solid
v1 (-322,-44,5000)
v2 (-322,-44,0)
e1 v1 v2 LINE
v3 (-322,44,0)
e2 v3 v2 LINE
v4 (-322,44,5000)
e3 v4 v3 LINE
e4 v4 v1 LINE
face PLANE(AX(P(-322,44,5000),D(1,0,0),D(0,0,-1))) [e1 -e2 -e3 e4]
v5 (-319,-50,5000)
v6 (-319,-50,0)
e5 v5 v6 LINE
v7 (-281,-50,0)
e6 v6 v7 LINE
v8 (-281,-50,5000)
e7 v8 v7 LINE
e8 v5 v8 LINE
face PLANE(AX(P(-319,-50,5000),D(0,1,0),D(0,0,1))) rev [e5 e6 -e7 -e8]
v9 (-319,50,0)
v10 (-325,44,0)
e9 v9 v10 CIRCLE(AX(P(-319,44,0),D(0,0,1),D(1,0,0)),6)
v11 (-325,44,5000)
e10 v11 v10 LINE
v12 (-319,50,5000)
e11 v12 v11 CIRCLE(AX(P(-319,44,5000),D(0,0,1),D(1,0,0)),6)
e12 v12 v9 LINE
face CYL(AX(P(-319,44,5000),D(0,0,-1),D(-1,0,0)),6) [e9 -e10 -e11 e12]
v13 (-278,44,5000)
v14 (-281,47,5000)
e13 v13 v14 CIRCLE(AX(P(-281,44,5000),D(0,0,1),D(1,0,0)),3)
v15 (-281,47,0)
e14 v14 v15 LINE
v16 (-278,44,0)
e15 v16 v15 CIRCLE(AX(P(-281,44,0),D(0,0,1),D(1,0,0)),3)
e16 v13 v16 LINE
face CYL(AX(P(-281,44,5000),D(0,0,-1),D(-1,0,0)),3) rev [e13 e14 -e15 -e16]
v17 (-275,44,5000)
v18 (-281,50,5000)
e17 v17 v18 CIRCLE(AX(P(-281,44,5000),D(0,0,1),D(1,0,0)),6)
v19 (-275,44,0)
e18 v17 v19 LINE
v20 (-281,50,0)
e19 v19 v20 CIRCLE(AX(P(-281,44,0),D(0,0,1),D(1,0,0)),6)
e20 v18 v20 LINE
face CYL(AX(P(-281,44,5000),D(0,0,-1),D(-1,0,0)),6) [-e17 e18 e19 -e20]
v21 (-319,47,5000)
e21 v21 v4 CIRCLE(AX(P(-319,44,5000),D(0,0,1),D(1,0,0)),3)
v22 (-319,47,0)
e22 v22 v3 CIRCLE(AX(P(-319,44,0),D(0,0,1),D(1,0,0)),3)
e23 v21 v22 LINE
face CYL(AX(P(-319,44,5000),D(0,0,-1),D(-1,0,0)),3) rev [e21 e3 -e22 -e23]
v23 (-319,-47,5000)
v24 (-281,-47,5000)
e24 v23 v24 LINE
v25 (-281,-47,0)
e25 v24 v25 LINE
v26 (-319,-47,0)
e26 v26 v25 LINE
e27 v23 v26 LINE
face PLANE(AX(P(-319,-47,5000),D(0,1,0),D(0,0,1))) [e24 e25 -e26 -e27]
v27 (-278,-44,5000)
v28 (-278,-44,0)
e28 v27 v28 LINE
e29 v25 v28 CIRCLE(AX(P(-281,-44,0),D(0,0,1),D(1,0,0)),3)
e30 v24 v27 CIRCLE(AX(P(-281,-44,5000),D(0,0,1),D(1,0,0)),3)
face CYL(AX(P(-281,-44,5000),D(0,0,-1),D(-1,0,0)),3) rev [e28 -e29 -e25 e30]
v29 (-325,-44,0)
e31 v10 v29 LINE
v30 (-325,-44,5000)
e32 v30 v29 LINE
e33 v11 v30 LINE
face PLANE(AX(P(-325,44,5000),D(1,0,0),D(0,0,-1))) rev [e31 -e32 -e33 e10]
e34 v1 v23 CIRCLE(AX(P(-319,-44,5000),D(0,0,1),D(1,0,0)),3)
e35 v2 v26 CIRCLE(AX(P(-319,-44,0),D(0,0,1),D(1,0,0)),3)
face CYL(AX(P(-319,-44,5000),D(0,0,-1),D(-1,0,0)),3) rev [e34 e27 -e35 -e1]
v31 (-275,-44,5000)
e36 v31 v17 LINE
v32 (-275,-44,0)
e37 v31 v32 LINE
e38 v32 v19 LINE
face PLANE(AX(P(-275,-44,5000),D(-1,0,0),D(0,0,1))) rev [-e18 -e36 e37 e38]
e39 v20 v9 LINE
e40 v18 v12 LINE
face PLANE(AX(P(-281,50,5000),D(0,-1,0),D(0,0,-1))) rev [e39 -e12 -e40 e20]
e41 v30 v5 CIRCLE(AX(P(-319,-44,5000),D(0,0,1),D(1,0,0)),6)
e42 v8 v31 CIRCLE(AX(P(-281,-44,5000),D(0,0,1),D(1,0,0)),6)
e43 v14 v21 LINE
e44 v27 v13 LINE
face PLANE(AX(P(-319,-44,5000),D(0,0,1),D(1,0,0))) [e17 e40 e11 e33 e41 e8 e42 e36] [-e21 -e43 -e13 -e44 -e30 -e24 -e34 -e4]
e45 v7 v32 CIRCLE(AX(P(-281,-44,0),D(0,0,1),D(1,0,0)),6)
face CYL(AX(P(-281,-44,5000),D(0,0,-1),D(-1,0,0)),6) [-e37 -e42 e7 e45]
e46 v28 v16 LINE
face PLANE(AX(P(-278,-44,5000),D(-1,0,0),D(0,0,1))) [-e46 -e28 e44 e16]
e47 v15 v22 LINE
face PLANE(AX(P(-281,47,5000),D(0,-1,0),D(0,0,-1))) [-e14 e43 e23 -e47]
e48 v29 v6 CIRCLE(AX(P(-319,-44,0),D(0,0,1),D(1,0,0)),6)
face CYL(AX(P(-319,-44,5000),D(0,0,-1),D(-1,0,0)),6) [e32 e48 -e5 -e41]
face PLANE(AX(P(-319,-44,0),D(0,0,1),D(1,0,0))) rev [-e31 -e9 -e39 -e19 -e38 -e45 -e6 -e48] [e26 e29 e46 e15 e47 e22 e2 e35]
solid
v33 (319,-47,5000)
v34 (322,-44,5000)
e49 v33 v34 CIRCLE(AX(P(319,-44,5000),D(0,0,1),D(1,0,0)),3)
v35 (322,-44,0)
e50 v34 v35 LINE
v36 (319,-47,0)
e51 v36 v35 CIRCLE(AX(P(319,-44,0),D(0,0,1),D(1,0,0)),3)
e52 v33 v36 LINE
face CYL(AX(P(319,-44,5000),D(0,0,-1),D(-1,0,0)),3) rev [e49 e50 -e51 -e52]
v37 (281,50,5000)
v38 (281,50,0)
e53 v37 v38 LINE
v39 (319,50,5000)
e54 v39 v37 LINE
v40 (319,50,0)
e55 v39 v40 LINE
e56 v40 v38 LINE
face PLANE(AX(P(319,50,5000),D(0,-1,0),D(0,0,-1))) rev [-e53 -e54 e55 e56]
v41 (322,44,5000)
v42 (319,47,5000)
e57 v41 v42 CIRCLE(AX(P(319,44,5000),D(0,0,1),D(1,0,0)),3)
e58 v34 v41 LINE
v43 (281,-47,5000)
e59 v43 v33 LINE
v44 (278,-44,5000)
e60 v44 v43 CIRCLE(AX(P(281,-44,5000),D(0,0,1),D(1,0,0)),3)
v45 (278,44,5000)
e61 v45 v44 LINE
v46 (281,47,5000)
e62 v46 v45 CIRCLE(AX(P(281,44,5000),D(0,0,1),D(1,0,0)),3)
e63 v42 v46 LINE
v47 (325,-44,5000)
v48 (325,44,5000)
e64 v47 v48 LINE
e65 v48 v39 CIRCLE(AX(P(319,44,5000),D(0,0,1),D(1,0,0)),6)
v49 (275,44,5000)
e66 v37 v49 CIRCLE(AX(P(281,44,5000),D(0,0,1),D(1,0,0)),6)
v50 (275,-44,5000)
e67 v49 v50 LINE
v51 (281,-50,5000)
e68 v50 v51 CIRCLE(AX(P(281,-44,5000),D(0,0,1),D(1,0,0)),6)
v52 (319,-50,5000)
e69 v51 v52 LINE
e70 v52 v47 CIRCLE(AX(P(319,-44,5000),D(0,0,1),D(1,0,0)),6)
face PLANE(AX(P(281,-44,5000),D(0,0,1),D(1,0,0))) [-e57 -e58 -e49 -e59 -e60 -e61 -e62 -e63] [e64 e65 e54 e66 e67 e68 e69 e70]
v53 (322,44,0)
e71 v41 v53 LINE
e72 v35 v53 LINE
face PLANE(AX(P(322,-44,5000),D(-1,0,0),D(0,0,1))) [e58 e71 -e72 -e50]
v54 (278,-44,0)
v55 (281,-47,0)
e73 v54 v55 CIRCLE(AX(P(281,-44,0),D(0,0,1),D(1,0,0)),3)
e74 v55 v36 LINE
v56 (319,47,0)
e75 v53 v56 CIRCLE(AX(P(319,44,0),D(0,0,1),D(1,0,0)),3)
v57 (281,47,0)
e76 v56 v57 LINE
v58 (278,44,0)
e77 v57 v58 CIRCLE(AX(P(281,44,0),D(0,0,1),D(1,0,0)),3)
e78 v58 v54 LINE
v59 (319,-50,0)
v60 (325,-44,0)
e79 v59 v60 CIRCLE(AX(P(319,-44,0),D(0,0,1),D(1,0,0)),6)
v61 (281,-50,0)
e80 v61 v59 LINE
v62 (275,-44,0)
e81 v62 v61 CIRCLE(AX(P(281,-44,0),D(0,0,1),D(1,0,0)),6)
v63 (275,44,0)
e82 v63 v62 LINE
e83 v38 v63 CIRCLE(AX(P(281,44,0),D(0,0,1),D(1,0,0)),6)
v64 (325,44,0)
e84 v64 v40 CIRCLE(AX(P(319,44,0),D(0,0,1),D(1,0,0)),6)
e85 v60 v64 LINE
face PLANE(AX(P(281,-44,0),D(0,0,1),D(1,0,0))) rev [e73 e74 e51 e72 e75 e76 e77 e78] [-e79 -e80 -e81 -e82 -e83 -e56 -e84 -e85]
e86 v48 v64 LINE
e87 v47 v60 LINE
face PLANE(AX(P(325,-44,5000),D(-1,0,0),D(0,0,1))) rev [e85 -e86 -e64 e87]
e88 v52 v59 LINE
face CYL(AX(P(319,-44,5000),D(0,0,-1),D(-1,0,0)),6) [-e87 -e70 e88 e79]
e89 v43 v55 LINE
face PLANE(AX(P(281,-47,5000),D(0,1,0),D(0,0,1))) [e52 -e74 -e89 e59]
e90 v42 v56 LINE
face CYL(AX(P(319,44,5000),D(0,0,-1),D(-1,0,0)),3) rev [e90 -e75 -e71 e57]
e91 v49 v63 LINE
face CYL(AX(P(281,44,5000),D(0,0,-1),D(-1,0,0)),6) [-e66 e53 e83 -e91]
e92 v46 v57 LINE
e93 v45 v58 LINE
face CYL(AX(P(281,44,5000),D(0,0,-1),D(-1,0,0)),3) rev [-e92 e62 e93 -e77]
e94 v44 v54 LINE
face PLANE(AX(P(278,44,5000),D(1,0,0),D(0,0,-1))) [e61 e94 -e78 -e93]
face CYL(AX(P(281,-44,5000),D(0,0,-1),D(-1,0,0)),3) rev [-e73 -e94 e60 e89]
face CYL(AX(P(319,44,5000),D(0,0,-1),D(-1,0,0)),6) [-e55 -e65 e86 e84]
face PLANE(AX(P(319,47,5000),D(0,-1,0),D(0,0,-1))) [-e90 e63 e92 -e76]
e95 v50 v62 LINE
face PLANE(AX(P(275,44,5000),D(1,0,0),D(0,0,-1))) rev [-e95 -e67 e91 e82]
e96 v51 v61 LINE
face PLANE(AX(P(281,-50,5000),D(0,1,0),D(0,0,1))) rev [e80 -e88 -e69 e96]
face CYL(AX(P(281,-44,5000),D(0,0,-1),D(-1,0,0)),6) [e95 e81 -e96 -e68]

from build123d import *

# Parameters (mm, degrees)
TWO_RAILS_PROTOTYPE_DEPTH   = 5000
TWO_RAILS_PROTOTYPE_2_DEPTH = 5000


with BuildPart() as part:
    # PROFILE_100_50_3_R6_FIXED → TWO_RAILS_PROTOTYPE (new body)
    with BuildSketch(Plane.XY):
        with BuildLine():
            Line((-319, -50), (-281, -50))
            ThreePointArc((-281, -50), (-276.757359313, -48.242640687), (-275, -44))
            Line((-275, -44), (-275, 44))
            ThreePointArc((-275, 44), (-276.757359313, 48.242640687), (-281, 50))
            Line((-281, 50), (-319, 50))
            ThreePointArc((-319, 50), (-323.242640687, 48.242640687), (-325, 44))
            Line((-325, 44), (-325, -44))
            ThreePointArc((-325, -44), (-323.242640687, -48.242640687), (-319, -50))
        make_face()
        with BuildLine():
            Line((-319, -47), (-281, -47))
            ThreePointArc((-281, -47), (-278.878679656, -46.121320344), (-278, -44))
            Line((-278, -44), (-278, 44))
            ThreePointArc((-278, 44), (-278.878679656, 46.121320344), (-281, 47))
            Line((-281, 47), (-319, 47))
            ThreePointArc((-319, 47), (-321.121320344, 46.121320344), (-322, 44))
            Line((-322, 44), (-322, -44))
            ThreePointArc((-322, -44), (-321.121320344, -46.121320344), (-319, -47))
        make_face(mode=Mode.SUBTRACT)
    extrude(amount=TWO_RAILS_PROTOTYPE_DEPTH)


with BuildPart() as body_2:
    # PROFILE_100_50_3_R6_FIXED → TWO_RAILS_PROTOTYPE 2 (new body)
    with BuildSketch(Plane.XY):
        with BuildLine():
            Line((281, -50), (319, -50))
            ThreePointArc((319, -50), (323.242640687, -48.242640687), (325, -44))
            Line((325, -44), (325, 44))
            ThreePointArc((325, 44), (323.242640687, 48.242640687), (319, 50))
            Line((319, 50), (281, 50))
            ThreePointArc((281, 50), (276.757359313, 48.242640687), (275, 44))
            Line((275, 44), (275, -44))
            ThreePointArc((275, -44), (276.757359313, -48.242640687), (281, -50))
        make_face()
        with BuildLine():
            Line((281, -47), (319, -47))
            ThreePointArc((319, -47), (321.121320344, -46.121320344), (322, -44))
            Line((322, -44), (322, 44))
            ThreePointArc((322, 44), (321.121320344, 46.121320344), (319, 47))
            Line((319, 47), (281, 47))
            ThreePointArc((281, 47), (278.878679656, 46.121320344), (278, 44))
            Line((278, 44), (278, -44))
            ThreePointArc((278, -44), (278.878679656, -46.121320344), (281, -47))
        make_face(mode=Mode.SUBTRACT)
    extrude(amount=TWO_RAILS_PROTOTYPE_2_DEPTH)


solid = Compound([part.part, body_2.part])
